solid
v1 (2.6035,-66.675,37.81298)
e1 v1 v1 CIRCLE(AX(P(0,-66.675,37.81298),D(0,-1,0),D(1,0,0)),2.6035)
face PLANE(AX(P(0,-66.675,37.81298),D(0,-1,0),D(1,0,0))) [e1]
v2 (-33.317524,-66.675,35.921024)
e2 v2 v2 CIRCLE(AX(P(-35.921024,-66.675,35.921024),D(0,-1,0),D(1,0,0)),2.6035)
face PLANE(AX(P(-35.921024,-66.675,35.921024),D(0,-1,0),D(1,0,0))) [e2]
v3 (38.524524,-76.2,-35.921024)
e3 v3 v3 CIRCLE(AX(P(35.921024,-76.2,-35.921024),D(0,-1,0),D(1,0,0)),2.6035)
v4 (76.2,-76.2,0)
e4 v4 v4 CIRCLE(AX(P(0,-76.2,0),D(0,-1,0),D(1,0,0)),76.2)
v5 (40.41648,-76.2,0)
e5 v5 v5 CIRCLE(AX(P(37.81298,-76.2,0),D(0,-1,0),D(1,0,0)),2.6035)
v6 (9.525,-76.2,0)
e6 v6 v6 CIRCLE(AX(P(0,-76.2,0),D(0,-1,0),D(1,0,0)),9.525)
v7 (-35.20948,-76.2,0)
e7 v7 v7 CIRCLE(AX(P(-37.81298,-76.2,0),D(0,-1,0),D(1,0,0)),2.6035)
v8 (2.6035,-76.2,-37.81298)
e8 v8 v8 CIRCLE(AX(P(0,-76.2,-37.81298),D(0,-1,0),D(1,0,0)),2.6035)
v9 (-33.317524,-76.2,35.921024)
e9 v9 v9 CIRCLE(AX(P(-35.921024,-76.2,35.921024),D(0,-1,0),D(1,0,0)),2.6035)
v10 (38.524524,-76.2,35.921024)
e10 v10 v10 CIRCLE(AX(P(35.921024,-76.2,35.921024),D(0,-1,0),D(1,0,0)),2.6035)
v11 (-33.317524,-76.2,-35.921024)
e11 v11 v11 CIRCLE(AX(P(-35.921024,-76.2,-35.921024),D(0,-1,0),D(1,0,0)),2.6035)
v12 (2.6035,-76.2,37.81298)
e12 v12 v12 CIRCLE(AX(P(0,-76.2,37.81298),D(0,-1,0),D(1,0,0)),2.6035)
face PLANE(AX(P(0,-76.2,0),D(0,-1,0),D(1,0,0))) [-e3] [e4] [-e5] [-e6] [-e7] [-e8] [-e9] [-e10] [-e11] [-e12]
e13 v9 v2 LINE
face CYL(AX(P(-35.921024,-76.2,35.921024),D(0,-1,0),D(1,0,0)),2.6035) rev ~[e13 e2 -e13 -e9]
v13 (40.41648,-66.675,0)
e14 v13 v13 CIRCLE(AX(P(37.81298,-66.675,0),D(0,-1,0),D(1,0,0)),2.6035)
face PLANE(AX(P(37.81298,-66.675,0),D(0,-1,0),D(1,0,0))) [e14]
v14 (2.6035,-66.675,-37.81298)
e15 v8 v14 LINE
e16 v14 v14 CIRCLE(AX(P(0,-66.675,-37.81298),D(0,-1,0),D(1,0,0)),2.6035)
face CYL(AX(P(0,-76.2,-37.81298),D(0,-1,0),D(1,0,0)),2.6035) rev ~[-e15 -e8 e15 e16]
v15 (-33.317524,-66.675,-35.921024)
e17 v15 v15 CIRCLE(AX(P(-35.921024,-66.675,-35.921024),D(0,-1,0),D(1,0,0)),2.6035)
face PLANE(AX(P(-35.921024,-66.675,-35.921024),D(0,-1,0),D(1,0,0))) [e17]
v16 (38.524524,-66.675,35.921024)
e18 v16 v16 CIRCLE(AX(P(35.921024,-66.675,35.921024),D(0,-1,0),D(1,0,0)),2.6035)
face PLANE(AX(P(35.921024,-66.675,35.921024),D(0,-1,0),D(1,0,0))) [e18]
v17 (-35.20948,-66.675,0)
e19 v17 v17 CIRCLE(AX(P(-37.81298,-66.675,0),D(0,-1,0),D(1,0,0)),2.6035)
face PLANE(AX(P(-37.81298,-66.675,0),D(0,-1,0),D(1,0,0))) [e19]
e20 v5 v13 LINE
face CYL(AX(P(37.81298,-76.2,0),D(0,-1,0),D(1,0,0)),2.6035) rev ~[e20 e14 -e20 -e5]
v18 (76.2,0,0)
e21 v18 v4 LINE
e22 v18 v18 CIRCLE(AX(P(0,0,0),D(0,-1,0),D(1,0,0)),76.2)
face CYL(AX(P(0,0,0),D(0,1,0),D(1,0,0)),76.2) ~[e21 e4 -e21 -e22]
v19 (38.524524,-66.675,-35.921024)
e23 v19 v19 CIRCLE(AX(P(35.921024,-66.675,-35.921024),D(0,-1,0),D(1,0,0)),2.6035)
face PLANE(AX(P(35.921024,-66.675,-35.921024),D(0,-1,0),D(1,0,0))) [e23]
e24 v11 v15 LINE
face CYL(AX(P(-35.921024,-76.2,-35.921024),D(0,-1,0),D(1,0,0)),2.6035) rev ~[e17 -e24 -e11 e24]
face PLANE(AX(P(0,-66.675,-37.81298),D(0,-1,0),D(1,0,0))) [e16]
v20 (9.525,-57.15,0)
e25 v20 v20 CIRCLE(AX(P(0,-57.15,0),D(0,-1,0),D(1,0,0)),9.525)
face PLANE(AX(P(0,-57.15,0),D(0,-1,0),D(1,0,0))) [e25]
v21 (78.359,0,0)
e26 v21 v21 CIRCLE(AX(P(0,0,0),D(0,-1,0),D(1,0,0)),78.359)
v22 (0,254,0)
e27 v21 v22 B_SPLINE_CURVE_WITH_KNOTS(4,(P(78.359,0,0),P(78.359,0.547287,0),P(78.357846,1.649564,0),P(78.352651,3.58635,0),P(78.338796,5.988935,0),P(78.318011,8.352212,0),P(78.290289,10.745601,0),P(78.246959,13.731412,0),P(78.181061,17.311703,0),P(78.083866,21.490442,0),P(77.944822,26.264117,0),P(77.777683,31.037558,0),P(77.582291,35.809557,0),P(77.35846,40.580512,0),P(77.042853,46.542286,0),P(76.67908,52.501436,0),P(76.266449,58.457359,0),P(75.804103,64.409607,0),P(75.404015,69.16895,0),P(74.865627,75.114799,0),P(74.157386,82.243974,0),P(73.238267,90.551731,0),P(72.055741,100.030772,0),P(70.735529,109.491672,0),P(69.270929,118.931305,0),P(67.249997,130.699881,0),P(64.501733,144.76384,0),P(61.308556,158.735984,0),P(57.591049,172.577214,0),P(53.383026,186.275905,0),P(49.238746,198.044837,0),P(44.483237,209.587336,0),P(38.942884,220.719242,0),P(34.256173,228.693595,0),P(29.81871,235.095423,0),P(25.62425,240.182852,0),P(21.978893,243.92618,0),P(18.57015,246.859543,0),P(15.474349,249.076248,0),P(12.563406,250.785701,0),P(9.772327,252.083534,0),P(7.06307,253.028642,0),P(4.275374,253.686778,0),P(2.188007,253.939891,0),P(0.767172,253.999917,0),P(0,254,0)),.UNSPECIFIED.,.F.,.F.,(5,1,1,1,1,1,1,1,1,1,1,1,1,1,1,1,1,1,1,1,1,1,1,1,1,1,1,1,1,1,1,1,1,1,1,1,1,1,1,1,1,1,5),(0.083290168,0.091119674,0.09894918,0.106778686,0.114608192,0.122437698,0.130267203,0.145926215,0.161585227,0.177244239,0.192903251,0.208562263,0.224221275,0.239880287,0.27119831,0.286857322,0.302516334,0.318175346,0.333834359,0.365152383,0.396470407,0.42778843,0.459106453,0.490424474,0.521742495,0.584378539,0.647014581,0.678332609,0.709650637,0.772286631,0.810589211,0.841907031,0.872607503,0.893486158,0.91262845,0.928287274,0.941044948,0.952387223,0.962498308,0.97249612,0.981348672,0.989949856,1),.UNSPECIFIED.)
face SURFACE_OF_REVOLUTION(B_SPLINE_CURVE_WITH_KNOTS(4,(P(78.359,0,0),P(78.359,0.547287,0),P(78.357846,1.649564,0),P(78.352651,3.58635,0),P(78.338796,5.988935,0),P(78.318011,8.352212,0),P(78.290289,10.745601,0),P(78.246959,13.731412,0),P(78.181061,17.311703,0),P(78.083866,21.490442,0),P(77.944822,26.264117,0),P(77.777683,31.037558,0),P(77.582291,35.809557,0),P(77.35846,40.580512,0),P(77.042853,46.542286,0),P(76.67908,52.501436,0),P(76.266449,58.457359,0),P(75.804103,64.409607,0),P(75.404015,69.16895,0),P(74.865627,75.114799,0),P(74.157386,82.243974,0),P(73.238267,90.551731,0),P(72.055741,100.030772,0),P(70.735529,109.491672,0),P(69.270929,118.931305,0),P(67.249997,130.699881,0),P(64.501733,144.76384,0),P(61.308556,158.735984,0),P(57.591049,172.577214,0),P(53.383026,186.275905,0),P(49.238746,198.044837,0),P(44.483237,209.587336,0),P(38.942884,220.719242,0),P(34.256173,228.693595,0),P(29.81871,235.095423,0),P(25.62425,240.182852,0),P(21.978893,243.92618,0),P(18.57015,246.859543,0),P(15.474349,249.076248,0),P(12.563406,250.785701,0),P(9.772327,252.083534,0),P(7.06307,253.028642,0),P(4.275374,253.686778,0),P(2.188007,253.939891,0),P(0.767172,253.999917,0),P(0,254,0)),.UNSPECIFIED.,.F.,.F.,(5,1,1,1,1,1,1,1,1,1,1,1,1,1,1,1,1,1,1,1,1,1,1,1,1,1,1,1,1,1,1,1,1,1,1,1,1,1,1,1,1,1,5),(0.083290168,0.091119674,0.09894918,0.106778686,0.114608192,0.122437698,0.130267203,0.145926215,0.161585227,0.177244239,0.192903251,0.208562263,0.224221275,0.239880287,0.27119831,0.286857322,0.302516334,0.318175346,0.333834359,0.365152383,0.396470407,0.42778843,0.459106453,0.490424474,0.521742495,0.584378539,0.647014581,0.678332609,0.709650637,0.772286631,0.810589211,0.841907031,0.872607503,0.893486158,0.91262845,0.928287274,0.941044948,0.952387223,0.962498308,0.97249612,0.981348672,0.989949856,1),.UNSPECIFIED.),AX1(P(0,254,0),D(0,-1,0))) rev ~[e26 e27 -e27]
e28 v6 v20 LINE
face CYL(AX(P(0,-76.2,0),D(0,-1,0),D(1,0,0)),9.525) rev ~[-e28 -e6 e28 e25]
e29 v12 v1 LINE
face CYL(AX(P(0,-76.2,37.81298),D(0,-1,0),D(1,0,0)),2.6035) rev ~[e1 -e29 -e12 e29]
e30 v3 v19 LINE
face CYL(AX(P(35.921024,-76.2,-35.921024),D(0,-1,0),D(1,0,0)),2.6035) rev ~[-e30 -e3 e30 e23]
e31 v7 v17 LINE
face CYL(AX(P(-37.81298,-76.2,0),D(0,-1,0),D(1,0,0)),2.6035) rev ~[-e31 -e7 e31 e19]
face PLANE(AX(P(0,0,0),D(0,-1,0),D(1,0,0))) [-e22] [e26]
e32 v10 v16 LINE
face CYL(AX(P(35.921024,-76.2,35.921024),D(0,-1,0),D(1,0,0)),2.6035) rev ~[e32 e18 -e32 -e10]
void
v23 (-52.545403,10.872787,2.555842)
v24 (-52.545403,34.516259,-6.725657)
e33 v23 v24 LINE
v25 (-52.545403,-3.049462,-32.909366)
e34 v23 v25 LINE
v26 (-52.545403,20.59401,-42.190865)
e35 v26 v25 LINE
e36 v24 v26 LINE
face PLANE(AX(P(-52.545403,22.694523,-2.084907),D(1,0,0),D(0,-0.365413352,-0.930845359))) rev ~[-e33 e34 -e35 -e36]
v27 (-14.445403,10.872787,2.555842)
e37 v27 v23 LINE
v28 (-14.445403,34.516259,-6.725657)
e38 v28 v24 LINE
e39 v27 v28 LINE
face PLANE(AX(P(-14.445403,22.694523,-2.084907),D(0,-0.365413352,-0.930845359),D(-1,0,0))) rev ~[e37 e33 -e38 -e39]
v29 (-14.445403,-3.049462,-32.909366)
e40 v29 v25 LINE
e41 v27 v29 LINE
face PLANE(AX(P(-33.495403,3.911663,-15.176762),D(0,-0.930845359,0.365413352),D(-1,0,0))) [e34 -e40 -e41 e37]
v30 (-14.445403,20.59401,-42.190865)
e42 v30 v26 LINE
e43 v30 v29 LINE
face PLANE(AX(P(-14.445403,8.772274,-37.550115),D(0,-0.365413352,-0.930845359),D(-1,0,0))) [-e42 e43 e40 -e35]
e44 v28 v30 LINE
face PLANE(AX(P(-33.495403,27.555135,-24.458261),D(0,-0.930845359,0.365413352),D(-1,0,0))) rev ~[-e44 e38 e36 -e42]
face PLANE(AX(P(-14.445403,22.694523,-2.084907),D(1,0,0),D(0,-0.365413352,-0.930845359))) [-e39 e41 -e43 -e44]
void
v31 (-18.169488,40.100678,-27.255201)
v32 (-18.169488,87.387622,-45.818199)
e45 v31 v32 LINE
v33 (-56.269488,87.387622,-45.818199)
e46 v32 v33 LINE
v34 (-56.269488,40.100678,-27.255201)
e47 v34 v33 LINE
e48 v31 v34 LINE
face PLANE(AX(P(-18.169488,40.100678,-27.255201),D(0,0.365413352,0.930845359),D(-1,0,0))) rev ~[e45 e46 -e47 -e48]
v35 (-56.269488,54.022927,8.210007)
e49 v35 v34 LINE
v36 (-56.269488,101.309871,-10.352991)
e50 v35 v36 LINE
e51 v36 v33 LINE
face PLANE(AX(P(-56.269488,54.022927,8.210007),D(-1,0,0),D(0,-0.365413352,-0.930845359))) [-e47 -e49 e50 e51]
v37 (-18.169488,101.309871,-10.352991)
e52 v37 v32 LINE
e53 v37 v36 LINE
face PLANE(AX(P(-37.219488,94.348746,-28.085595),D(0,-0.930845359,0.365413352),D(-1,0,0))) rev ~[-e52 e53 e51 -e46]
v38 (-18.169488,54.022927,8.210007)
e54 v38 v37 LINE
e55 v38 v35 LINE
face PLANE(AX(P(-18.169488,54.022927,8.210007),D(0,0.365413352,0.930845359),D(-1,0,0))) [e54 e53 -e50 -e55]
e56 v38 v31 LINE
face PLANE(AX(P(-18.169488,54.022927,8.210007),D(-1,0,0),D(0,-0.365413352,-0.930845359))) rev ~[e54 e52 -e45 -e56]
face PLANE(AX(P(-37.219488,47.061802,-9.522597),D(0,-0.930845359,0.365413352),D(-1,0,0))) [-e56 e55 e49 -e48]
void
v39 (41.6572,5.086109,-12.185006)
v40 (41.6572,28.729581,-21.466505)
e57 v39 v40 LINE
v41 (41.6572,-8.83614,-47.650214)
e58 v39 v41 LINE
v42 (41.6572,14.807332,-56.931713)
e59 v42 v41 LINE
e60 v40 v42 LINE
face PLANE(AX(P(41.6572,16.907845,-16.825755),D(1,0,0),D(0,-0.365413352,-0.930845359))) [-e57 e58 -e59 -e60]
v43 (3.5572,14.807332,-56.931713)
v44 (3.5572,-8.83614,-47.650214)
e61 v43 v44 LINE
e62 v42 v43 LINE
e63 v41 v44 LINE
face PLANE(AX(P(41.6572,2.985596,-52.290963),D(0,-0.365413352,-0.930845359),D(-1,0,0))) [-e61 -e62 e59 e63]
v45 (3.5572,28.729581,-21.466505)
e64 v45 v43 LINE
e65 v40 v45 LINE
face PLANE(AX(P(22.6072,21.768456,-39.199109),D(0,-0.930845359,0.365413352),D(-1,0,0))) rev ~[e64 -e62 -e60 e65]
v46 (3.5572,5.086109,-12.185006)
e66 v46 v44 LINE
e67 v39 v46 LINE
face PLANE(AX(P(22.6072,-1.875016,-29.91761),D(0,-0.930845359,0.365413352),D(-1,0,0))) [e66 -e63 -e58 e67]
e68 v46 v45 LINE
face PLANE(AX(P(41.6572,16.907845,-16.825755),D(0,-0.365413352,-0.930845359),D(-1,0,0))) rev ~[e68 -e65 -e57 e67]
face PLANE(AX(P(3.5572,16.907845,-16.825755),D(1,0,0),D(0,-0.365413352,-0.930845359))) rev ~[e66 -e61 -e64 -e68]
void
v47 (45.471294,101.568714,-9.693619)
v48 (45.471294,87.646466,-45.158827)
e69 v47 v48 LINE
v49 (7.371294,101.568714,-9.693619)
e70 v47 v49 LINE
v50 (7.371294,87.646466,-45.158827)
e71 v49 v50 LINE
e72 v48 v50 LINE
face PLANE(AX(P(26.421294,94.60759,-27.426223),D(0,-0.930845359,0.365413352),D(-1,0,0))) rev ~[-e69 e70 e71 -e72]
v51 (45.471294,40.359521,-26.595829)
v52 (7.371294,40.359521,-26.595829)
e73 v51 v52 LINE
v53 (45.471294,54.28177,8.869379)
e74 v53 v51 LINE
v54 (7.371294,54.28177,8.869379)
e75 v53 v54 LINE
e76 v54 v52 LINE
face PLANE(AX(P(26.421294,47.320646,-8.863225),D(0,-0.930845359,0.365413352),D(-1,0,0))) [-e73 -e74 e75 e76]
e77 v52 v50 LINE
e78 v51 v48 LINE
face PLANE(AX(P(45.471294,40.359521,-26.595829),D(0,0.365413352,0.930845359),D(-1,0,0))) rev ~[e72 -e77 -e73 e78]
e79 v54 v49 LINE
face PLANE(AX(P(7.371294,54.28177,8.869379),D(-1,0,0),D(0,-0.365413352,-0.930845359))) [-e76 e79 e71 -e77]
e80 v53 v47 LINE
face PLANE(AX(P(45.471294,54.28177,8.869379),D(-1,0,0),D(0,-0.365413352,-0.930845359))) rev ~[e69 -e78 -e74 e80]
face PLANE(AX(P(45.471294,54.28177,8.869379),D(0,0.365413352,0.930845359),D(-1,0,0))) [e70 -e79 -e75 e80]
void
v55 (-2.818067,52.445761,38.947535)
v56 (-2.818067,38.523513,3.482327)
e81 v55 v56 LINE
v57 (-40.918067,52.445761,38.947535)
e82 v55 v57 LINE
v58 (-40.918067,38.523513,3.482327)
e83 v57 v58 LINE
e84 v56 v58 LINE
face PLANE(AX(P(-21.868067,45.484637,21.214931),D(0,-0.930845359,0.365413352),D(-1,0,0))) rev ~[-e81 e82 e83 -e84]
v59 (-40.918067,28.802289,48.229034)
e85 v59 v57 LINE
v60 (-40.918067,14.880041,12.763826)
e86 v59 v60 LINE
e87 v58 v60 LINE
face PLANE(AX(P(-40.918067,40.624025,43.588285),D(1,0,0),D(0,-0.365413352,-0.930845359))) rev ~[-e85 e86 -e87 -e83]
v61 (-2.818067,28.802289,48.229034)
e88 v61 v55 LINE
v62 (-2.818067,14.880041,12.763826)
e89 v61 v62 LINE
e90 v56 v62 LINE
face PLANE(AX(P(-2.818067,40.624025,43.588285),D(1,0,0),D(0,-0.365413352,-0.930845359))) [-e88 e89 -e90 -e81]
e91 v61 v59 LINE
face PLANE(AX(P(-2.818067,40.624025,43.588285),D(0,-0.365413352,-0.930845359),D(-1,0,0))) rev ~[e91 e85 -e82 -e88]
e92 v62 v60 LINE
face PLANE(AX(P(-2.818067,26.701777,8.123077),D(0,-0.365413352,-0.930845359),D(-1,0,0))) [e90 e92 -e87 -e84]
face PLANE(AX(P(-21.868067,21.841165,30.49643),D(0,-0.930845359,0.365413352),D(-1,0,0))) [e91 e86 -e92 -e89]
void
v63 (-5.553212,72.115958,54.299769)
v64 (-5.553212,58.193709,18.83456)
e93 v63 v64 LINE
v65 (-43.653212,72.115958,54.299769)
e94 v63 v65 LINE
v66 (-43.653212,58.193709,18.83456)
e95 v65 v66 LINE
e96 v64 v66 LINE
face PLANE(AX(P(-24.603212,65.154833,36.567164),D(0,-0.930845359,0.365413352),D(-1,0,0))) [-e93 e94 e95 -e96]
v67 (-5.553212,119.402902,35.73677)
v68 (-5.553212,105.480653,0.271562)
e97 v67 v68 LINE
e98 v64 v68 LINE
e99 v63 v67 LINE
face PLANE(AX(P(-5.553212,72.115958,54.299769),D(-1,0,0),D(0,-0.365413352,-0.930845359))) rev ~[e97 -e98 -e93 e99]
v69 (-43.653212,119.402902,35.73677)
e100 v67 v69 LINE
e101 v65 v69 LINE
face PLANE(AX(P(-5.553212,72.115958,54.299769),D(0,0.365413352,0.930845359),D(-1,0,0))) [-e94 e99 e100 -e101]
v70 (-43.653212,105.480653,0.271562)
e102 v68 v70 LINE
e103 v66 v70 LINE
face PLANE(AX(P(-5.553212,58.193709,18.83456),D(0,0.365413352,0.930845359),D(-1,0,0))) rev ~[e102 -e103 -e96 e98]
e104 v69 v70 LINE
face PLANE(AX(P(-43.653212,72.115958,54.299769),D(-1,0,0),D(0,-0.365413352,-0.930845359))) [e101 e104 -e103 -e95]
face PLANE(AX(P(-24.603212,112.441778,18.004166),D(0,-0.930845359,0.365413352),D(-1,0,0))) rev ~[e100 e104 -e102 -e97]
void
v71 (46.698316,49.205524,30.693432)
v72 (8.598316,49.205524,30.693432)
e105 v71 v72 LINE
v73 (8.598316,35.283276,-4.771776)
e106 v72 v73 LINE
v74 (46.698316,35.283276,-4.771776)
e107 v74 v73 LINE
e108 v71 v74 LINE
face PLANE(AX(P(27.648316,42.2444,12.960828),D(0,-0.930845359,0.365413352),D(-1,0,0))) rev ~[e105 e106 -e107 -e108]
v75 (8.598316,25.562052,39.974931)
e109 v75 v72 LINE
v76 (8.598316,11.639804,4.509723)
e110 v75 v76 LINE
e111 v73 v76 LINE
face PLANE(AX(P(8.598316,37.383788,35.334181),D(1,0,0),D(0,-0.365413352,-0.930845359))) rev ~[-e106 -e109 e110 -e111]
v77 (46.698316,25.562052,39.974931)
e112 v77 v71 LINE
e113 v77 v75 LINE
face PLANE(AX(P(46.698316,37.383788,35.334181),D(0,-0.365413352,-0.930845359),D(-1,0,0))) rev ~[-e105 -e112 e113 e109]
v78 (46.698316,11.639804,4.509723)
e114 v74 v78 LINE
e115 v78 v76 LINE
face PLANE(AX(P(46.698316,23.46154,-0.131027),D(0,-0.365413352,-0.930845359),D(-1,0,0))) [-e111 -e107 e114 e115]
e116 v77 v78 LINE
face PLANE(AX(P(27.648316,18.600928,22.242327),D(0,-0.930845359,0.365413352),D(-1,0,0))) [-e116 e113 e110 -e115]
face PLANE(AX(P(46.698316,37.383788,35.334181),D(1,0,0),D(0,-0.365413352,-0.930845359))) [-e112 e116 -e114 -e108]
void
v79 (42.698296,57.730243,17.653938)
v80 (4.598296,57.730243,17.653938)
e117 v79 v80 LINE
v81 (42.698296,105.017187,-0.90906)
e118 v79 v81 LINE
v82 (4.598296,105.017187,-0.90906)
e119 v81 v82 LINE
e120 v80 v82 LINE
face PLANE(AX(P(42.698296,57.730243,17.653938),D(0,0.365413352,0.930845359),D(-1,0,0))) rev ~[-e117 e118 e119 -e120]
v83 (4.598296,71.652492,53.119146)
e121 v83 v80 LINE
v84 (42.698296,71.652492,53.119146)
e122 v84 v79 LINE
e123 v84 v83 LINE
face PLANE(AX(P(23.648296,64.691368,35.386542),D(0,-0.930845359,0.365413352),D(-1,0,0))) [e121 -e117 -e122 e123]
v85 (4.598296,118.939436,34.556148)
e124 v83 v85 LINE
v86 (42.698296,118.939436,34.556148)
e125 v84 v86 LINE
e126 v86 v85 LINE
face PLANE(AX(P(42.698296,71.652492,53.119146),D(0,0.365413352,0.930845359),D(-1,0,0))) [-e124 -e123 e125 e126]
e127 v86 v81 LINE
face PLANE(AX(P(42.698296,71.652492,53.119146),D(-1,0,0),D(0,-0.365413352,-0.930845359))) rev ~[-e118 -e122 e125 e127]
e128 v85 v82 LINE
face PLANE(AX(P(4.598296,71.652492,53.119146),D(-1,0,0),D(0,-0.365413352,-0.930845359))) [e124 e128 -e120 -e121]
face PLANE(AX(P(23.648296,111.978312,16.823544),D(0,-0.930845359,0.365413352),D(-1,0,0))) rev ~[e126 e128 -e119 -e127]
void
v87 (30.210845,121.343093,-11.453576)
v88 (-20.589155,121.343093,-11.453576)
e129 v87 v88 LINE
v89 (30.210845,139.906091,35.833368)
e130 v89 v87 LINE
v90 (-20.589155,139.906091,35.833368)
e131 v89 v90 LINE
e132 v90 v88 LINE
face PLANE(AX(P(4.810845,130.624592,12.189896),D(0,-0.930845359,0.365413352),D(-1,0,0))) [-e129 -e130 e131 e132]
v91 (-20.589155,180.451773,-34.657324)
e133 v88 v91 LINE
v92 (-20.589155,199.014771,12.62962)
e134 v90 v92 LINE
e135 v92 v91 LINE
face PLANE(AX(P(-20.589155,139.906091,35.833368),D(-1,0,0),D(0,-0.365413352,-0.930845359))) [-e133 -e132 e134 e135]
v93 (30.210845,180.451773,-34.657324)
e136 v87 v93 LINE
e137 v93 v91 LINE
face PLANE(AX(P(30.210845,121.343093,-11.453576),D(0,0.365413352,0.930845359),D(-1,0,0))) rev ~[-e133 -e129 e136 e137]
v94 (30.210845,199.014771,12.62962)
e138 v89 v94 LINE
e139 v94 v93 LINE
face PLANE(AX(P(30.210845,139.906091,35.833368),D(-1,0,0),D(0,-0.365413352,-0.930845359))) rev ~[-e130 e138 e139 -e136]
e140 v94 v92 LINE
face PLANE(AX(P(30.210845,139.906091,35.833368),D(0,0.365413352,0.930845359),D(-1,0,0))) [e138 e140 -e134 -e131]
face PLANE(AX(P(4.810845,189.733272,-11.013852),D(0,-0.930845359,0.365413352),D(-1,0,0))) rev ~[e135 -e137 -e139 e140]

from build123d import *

# Parameters (mm, degrees)
SKETCH2_R               = 76.2
BOSS_EXTRUDE1_DEPTH     = 76.2
SKETCH21_R              = 2.6035
CUT_EXTRUDE4_DEPTH      = 9.525
SKETCH22_R              = 2.6035
CUT_EXTRUDE5_DEPTH      = 9.525
SKETCH27_W              = 38.1
SKETCH27_H              = 38.1
CUT_EXTRUDE7_DEPTH      = 50.8
SKETCH28_W              = 38.1
SKETCH28_H              = 38.1
CUT_EXTRUDE8_DEPTH      = 12.7
CUT_EXTRUDE8_DEPTH_BACK = 12.7
SKETCH29_W              = 50.8
SKETCH29_H              = 50.8
CUT_EXTRUDE9_DEPTH      = 63.5
SKETCH30_R              = 9.525
CUT_EXTRUDE10_DEPTH     = 19.05


with BuildPart() as part:
    # Sketch1 → Revolve1 (revolve)
    with BuildSketch(Plane.XY):
        with BuildLine():
            Line((78.359, 0), (0, 0))
            Line((0, 0), (0, 254))
            add(Edge.make_bspline(
                [(78.359, 0), (78.359, 0.547287489), (78.357845602, 1.649563618), (78.352650776, 3.586349875), (78.338796346, 5.988934596), (78.318010672, 8.352211569), (78.29028895, 10.745600888), (78.246958697, 13.731411826), (78.181061307, 17.311703382), (78.08386626, 21.490442467), (77.944822085, 26.264117007), (77.777683186, 31.037557631), (77.58229134, 35.809557456), (77.358460439, 40.580511863), (77.042853487, 46.542286246), (76.679080298, 52.501436144), (76.266448568, 58.457359127), (75.804102806, 64.409607399), (75.404015228, 69.168949637), (74.865626928, 75.114798701), (74.157385744, 82.243973993), (73.238266918, 90.551730955), (72.055740597, 100.030771811), (70.735528943, 109.491671534), (69.270929118, 118.931305028), (67.249996919, 130.699881306), (64.501732948, 144.763840427), (61.308555538, 158.735984092), (57.591049496, 172.577213574), (53.383025938, 186.275905479), (49.238746312, 198.044837449), (44.48323743, 209.587335711), (38.942884235, 220.71924179), (34.256173135, 228.693595393), (29.818710248, 235.095423042), (25.624249732, 240.182852143), (21.978892835, 243.926180276), (18.570150197, 246.859542723), (15.474349081, 249.076247661), (12.563405711, 250.785701438), (9.772327363, 252.083533871), (7.063069709, 253.028642362), (4.275373805, 253.686778481), (2.188006886, 253.939891173), (0.767171586, 253.999916555), (0, 254)],
                knots=[0.083290168, 0.083290168, 0.083290168, 0.083290168, 0.083290168, 0.091119674, 0.09894918, 0.106778686, 0.114608192, 0.122437698, 0.130267203, 0.145926215, 0.161585227, 0.177244239, 0.192903251, 0.208562263, 0.224221275, 0.239880287, 0.27119831, 0.286857322, 0.302516334, 0.318175346, 0.333834359, 0.365152383, 0.396470407, 0.42778843, 0.459106453, 0.490424474, 0.521742495, 0.584378539, 0.647014581, 0.678332609, 0.709650637, 0.772286631, 0.810589211, 0.841907031, 0.872607503, 0.893486158, 0.91262845, 0.928287274, 0.941044948, 0.952387223, 0.962498308, 0.97249612, 0.981348672, 0.989949856, 1, 1, 1, 1, 1], degree=4))
        make_face()
    revolve(axis=Axis((0, 254, 0), (0, -1, 0)))

    # Sketch2 → Boss-Extrude1 (add)
    with BuildSketch(Plane.XZ):
        Circle(SKETCH2_R)
    extrude(amount=BOSS_EXTRUDE1_DEPTH)

    # Sketch21 → Cut-Extrude4 (cut)
    with BuildSketch(Plane.XZ.offset(76.2)):
        with Locations((-37.81298, 0)):
            Circle(SKETCH21_R)
        with Locations((0, 37.81298)):
            Circle(SKETCH21_R)
        with Locations((37.81298, 0)):
            Circle(SKETCH21_R)
        with Locations((0, -37.81298)):
            Circle(SKETCH21_R)
    extrude(amount=-CUT_EXTRUDE4_DEPTH, mode=Mode.SUBTRACT)

    # Sketch22 → Cut-Extrude5 (cut)
    with BuildSketch(Plane.XZ.offset(76.2)):
        with Locations((-35.921024484, -35.921024484)):
            Circle(SKETCH22_R)
        with Locations((-35.921024484, 35.921024484)):
            Circle(SKETCH22_R)
        with Locations((35.921024484, 35.921024484)):
            Circle(SKETCH22_R)
        with Locations((35.921024484, -35.921024484)):
            Circle(SKETCH22_R)
    extrude(amount=-CUT_EXTRUDE5_DEPTH, mode=Mode.SUBTRACT)

    # Sketch27 → Cut-Extrude7 (cut)
    with BuildSketch(Plane(origin=(0, 44.016832576, -17.279280796), x_dir=(-1, 0, 0), z_dir=(0, -0.930845359, 0.365413352))):
        with Locations((-26.421293772, -9.04130389)):
            Rectangle(SKETCH27_W, SKETCH27_H)
        with Locations((37.219487863, -8.332945695)):
            Rectangle(SKETCH27_W, SKETCH27_H)
        with Locations((-23.648296478, -56.578488001)):
            Rectangle(SKETCH27_W, SKETCH27_H)
        with Locations((24.603212251, -57.8468214)):
            Rectangle(SKETCH27_W, SKETCH27_H)
    extrude(amount=-CUT_EXTRUDE7_DEPTH, mode=Mode.SUBTRACT)

    # Sketch28 → Cut-Extrude8 (cut, two sides)
    with BuildSketch(Plane(origin=(0, 20.37336046, -7.997781656), x_dir=(-1, 0, 0), z_dir=(0, -0.930845359, 0.365413352))) as cut_extrude8_sk:
        with Locations((-22.607200089, 28.533823854)):
            Rectangle(SKETCH28_W, SKETCH28_H)
        with Locations((33.495403265, 12.697844386)):
            Rectangle(SKETCH28_W, SKETCH28_H)
        with Locations((-27.648315988, -27.501194113)):
            Rectangle(SKETCH28_W, SKETCH28_H)
        with Locations((21.868067431, -36.368513827)):
            Rectangle(SKETCH28_W, SKETCH28_H)
    extrude(amount=CUT_EXTRUDE8_DEPTH, mode=Mode.SUBTRACT)
    extrude(cut_extrude8_sk.sketch, amount=-CUT_EXTRUDE8_DEPTH_BACK, mode=Mode.SUBTRACT)

    # Sketch29 → Cut-Extrude9 (cut)
    with BuildSketch(Plane(origin=(0, 109.036380897, -42.80340343), x_dir=(-1, 0, 0), z_dir=(0, -0.930845359, 0.365413352))):
        with Locations((-4.810844723, -59.078878237)):
            Rectangle(SKETCH29_W, SKETCH29_H)
    extrude(amount=-CUT_EXTRUDE9_DEPTH, mode=Mode.SUBTRACT)

    # Sketch30 → Cut-Extrude10 (cut)
    with BuildSketch(Plane.XZ.offset(76.2)):
        Circle(SKETCH30_R)
    extrude(amount=-CUT_EXTRUDE10_DEPTH, mode=Mode.SUBTRACT)


solid = part.part
